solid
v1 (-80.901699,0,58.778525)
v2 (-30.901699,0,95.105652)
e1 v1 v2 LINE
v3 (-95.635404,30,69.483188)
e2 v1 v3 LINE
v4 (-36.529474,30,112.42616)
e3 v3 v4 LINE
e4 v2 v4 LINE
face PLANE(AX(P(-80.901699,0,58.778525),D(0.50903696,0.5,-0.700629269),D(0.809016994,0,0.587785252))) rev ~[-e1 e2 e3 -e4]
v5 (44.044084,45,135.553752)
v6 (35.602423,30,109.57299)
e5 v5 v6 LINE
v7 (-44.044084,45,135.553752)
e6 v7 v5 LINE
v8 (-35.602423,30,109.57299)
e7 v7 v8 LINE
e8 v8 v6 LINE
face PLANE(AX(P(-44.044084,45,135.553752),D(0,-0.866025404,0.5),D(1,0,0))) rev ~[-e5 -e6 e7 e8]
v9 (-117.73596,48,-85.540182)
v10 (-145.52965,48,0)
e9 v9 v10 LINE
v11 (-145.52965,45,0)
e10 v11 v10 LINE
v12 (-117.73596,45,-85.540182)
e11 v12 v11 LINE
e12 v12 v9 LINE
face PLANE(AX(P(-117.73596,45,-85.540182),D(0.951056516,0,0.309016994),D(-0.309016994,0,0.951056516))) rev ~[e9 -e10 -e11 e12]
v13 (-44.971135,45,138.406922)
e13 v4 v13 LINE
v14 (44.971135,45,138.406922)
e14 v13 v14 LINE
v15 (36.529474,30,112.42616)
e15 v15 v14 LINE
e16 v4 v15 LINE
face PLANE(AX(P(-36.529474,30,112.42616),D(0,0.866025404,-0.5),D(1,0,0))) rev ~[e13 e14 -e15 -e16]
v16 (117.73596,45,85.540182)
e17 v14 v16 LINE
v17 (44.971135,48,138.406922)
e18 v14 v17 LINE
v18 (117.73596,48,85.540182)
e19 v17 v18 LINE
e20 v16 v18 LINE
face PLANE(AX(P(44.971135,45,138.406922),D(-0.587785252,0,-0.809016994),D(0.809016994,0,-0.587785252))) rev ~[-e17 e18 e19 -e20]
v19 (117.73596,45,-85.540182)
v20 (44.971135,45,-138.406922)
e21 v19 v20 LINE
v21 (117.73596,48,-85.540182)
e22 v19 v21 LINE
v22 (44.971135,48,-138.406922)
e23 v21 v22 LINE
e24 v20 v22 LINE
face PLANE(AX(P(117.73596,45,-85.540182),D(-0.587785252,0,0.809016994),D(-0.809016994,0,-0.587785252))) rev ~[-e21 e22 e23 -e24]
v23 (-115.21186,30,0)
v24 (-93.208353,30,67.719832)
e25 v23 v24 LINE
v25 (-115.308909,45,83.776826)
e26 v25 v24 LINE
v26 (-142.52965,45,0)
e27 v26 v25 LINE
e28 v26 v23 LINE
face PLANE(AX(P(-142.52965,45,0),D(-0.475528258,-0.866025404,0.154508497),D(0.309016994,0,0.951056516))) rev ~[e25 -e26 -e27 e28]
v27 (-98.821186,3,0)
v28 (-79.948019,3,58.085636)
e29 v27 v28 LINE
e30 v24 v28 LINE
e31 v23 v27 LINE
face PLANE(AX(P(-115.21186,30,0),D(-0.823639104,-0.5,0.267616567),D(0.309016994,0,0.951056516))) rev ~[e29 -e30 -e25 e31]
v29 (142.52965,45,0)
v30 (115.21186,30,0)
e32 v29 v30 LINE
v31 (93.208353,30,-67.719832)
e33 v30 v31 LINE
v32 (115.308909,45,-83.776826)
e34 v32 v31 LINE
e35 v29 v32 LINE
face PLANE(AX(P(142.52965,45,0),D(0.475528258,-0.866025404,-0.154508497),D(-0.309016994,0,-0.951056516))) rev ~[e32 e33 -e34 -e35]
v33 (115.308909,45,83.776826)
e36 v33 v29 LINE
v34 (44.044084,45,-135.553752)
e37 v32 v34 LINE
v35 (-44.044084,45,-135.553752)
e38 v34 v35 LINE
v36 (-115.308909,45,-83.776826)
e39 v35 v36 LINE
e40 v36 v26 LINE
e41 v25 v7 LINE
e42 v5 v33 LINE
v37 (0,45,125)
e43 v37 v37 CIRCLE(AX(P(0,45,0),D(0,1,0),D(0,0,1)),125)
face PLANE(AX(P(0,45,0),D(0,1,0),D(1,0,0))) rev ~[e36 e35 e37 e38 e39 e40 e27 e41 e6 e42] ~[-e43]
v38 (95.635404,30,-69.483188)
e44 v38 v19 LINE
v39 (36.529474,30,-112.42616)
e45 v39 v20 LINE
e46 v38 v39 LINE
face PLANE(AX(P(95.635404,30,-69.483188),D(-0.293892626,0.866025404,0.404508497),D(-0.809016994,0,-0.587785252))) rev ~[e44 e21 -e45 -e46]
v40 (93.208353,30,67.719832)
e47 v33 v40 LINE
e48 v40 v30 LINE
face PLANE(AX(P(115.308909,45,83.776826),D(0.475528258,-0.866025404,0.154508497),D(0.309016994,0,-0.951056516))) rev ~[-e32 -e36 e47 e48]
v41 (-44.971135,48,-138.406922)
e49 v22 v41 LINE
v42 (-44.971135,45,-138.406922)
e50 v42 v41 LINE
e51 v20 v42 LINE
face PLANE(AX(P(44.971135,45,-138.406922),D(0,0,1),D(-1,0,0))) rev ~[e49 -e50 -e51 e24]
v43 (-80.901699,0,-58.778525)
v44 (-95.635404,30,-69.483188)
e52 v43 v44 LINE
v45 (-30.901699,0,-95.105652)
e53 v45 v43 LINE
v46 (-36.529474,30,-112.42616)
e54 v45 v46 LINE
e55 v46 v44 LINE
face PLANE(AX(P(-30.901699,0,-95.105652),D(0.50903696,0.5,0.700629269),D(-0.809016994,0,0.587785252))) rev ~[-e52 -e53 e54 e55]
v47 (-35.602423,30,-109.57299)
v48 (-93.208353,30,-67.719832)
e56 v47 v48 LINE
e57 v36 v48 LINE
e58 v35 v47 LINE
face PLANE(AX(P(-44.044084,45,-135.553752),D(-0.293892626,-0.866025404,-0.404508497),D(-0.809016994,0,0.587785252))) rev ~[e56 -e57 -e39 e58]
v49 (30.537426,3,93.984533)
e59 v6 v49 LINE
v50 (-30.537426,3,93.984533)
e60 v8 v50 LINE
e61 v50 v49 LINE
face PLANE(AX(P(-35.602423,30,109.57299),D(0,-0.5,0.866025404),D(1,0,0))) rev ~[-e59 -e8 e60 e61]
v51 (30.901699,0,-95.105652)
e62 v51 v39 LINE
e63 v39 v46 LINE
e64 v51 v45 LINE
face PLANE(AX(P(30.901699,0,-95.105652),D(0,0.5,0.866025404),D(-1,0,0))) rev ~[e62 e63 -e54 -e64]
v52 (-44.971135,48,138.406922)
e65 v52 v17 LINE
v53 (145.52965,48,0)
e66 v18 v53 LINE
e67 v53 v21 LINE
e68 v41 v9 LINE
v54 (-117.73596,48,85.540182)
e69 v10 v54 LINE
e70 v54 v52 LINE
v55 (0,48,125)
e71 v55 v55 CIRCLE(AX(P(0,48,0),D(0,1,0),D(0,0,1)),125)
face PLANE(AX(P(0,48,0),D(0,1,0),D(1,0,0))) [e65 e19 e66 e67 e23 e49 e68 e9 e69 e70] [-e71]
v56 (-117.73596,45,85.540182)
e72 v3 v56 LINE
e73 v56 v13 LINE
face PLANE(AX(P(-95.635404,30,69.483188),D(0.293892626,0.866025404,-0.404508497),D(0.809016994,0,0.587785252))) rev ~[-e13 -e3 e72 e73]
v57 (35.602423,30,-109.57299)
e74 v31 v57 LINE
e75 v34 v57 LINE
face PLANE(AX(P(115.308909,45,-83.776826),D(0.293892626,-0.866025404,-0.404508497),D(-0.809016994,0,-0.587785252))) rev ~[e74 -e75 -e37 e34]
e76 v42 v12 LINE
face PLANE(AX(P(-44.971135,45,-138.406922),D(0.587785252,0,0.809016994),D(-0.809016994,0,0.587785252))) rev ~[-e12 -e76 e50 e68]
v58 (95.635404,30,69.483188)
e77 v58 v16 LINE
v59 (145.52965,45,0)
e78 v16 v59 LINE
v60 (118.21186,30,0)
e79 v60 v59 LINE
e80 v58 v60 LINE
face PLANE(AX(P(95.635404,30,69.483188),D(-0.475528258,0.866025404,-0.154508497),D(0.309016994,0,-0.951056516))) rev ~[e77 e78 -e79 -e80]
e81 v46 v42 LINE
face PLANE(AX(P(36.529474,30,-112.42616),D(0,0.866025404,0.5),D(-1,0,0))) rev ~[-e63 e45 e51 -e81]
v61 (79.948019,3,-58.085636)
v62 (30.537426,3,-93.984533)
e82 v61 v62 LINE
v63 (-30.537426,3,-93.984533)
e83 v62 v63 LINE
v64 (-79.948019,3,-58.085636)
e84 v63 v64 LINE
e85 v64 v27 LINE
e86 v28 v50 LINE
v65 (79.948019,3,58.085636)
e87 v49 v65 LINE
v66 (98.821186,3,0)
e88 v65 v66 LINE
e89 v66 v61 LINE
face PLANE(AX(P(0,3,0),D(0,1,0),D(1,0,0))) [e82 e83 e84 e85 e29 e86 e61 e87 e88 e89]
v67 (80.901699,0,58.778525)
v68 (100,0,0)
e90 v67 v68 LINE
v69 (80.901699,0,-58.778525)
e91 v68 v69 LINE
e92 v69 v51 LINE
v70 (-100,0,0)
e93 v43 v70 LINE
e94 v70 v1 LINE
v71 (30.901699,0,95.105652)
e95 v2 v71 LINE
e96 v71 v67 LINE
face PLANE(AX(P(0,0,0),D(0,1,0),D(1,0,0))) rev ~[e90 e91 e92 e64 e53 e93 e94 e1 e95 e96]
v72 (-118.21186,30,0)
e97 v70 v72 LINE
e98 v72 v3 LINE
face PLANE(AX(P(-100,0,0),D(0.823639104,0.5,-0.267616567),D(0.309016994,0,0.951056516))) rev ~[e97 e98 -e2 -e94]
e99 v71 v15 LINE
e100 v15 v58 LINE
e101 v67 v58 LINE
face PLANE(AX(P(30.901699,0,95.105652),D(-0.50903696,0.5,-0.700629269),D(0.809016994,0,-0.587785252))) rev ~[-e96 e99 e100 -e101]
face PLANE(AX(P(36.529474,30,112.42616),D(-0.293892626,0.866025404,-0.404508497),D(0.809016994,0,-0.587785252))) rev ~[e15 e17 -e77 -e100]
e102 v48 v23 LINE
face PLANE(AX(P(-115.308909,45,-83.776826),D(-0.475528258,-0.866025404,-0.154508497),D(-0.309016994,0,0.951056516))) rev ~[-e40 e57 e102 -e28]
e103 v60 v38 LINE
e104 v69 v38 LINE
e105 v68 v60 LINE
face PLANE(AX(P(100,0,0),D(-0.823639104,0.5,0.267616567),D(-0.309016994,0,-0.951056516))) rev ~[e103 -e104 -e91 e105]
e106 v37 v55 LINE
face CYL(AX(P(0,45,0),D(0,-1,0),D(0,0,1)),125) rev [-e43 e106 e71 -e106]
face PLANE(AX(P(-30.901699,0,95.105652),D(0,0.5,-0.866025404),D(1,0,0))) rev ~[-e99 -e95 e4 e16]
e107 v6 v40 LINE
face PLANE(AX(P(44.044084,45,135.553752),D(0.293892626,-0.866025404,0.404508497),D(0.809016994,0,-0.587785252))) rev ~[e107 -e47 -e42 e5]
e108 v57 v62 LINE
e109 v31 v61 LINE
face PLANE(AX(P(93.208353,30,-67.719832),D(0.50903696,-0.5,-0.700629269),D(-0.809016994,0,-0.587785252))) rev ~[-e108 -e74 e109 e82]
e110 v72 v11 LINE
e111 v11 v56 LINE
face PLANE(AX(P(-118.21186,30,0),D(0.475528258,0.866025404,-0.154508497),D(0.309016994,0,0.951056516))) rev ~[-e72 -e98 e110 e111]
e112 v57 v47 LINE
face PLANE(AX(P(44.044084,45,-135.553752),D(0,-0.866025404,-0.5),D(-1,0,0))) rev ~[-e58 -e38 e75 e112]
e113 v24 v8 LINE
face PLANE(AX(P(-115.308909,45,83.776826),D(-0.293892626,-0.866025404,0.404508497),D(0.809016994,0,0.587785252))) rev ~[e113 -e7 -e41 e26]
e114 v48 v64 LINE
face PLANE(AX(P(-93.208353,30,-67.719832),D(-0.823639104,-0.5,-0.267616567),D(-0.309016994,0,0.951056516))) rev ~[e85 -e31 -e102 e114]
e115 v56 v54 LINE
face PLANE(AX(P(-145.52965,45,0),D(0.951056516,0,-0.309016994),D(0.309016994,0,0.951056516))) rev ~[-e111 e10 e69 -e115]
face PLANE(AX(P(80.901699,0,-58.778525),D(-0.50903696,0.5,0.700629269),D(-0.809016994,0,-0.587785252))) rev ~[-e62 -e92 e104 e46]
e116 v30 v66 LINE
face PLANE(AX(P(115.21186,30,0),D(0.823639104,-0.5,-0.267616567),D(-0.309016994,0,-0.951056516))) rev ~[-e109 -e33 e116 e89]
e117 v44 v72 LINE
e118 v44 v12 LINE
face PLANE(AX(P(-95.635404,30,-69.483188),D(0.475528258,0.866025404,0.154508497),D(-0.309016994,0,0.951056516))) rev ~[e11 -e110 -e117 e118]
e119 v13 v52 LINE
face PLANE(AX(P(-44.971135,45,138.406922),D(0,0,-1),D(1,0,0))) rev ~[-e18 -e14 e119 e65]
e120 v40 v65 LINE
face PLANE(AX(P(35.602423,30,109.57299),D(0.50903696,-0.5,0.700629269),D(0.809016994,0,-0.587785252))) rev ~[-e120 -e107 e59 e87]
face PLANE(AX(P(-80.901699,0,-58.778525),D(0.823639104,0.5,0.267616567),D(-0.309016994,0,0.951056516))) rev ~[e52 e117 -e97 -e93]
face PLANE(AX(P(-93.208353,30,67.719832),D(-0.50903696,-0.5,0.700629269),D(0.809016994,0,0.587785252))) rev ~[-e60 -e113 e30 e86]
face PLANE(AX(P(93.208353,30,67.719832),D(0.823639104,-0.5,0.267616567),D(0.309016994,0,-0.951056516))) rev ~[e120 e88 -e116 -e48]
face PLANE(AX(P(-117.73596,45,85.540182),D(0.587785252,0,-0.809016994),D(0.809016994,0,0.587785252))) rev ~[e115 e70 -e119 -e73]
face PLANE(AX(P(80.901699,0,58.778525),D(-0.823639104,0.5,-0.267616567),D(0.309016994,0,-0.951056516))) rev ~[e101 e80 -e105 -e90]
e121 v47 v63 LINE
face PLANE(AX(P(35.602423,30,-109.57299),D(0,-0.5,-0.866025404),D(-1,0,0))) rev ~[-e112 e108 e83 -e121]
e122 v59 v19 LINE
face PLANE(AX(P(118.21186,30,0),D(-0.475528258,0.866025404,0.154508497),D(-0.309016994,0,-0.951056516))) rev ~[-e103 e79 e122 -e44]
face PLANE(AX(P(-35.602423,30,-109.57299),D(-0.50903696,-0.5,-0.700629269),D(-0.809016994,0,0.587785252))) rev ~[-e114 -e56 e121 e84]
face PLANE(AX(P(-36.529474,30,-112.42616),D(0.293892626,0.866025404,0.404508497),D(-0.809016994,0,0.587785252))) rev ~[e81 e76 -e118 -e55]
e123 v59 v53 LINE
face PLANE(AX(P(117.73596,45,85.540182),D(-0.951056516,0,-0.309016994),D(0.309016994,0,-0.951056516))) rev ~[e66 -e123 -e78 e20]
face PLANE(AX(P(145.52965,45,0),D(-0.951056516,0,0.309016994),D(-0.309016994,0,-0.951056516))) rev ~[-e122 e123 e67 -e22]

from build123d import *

# Parameters (mm, degrees)
STAGE1EX_DEPTH      = 30
STAGE1EX_DRAFT      = -30
STAGE1IN_DEPTH      = 27
STAGE1IN_DRAFT      = -30
STAGE2EX_DEPTH      = 15
STAGE2EX_DRAFT      = -60
STAGE2IN_DEPTH      = 20
STAGE2IN_DRAFT      = -60
SKETCH11_R          = 125
BOSS_EXTRUDE6_DEPTH = 3


with BuildPart() as part:
    # Sketch4 → Stage1Ex (with draft: the straight prism first)
    with BuildSketch(Plane(origin=(0, 0, 0), x_dir=(1, 0, 0), z_dir=(0, 1, 0))):
        Polygon((30.901699437, -95.10565163), (80.901699437, -58.778525229), (100, 0), (80.901699437, 58.778525229), (30.901699437, 95.10565163), (-30.901699437, 95.10565163), (-80.901699437, 58.778525229), (-100, 0), (-80.901699437, -58.778525229), (-30.901699437, -95.10565163), align=None)
    extrude(amount=STAGE1EX_DEPTH)
    # Stage1Ex: the draft: its side faces are tilted about the plane it starts from
    stage1ex_sides = [part.faces().sort_by_distance(p)[0] for p in [
        (55.901699437, 15, 76.942088429),
        (90.450849719, 15, 29.389262615),
        (90.450849719, 15, -29.389262615),
        (55.901699437, 15, -76.942088429),
        (0, 15, -95.10565163),
        (-55.901699437, 15, -76.942088429),
        (-90.450849719, 15, -29.389262615),
        (-90.450849719, 15, 29.389262615),
        (-55.901699437, 15, 76.942088429),
        (0, 15, 95.10565163),
    ]]
    draft(stage1ex_sides, Plane(origin=(0, 0, 0), x_dir=(1, 0, 0), z_dir=(0, 1, 0)), STAGE1EX_DRAFT)


with BuildPart() as stage1in_tool:
    # Sketch7 → Stage1In (with draft: the straight prism first)
    with BuildSketch(Plane(origin=(0, 30, 0), x_dir=(1, 0, 0), z_dir=(0, 1, 0))):
        Polygon((-115.211859946, 0), (-93.20835265, -67.719832166), (-35.602422677, -109.572990156), (35.602422677, -109.572990156), (93.20835265, -67.719832166), (115.211859946, 0), (93.20835265, 67.719832166), (35.602422677, 109.572990156), (-35.602422677, 109.572990156), (-93.20835265, 67.719832166), align=None)
    extrude(amount=-STAGE1IN_DEPTH)
    # Stage1In: the draft: its side faces are tilted about the plane it starts from
    stage1in_sides = [stage1in_tool.faces().sort_by_distance(p)[0] for p in [
        (-104.210106298, 16.5, 33.859916083),
        (-64.405387663, 16.5, 88.646411161),
        (0, 16.5, 109.572990156),
        (64.405387663, 16.5, 88.646411161),
        (104.210106298, 16.5, 33.859916083),
        (104.210106298, 16.5, -33.859916083),
        (64.405387663, 16.5, -88.646411161),
        (0, 16.5, -109.572990156),
        (-64.405387663, 16.5, -88.646411161),
        (-104.210106298, 16.5, -33.859916083),
    ]]
    draft(stage1in_sides, Plane(origin=(0, 30, 0), x_dir=(1, 0, 0), z_dir=(0, 1, 0)), STAGE1IN_DRAFT)


with BuildPart() as part_1:
    add(part.part)

    # Stage1In: cut by stage1in_tool
    add(stage1in_tool.part, mode=Mode.SUBTRACT)


with BuildPart() as stage2ex_tool:
    # Sketch8 → Stage2Ex (with draft: the straight prism first)
    with BuildSketch(Plane(origin=(0, 30, 0), x_dir=(1, 0, 0), z_dir=(0, 1, 0))):
        Polygon((36.52947366, 112.426159705), (-36.52947366, 112.426159705), (-95.635403633, 69.483187922), (-118.211859946, 0), (-95.635403633, -69.483187922), (-36.52947366, -112.426159705), (36.52947366, -112.426159705), (95.635403633, -69.483187922), (118.211859946, 0), (95.635403633, 69.483187922), align=None)
    extrude(amount=STAGE2EX_DEPTH)
    # Stage2Ex: the draft: its side faces are tilted about the plane it starts from
    stage2ex_sides = [stage2ex_tool.faces().sort_by_distance(p)[0] for p in [
        (0, 37.5, -112.426159705),
        (-66.082438647, 37.5, -90.954673814),
        (-106.92363179, 37.5, -34.741593961),
        (-106.92363179, 37.5, 34.741593961),
        (-66.082438647, 37.5, 90.954673814),
        (0, 37.5, 112.426159705),
        (66.082438647, 37.5, 90.954673814),
        (106.92363179, 37.5, 34.741593961),
        (106.92363179, 37.5, -34.741593961),
        (66.082438647, 37.5, -90.954673814),
    ]]
    draft(stage2ex_sides, Plane(origin=(0, 30, 0), x_dir=(1, 0, 0), z_dir=(0, 1, 0)), STAGE2EX_DRAFT)


with BuildPart() as part_2:
    add(part_1.part)

    # Stage2Ex: add stage2ex_tool
    add(stage2ex_tool.part)


with BuildPart() as stage2in_tool:
    # Sketch10 → Stage2In (with draft: the straight prism first)
    with BuildSketch(Plane(origin=(0, 45, 0), x_dir=(1, 0, 0), z_dir=(0, 1, 0))):
        Polygon((115.308908944, -83.776826205), (142.529649866, 0), (115.308908944, 83.776826205), (44.044084011, 135.55375227), (-44.044084011, 135.55375227), (-115.308908944, 83.776826205), (-142.529649866, 0), (-115.308908944, -83.776826205), (-44.044084011, -135.55375227), (44.044084011, -135.55375227), align=None)
    extrude(amount=-STAGE2IN_DEPTH)
    # Stage2In: the draft: its side faces are tilted about the plane it starts from
    stage2in_sides = [stage2in_tool.faces().sort_by_distance(p)[0] for p in [
        (128.919279405, 35, 41.888413103),
        (128.919279405, 35, -41.888413103),
        (79.676496477, 35, -109.665289238),
        (0, 35, -135.55375227),
        (-79.676496477, 35, -109.665289238),
        (-128.919279405, 35, -41.888413103),
        (-128.919279405, 35, 41.888413103),
        (-79.676496477, 35, 109.665289238),
        (0, 35, 135.55375227),
        (79.676496477, 35, 109.665289238),
    ]]
    draft(stage2in_sides, Plane(origin=(0, 45, 0), x_dir=(1, 0, 0), z_dir=(0, 1, 0)), STAGE2IN_DRAFT)


with BuildPart() as part_3:
    add(part_2.part)

    # Stage2In: cut by stage2in_tool
    add(stage2in_tool.part, mode=Mode.SUBTRACT)

    # Sketch11 → Boss-Extrude6 (add)
    with BuildSketch(Plane(origin=(0, 45, 0), x_dir=(1, 0, 0), z_dir=(0, 1, 0))):
        Polygon((117.735959927, -85.540181962), (145.529649866, 0), (117.735959927, 85.540181962), (44.971134994, 138.406921819), (-44.971134994, 138.406921819), (-117.735959927, 85.540181962), (-145.529649866, 0), (-117.735959927, -85.540181962), (-44.971134994, -138.406921819), (44.971134994, -138.406921819), align=None)
        with Locations(Location((0, 0, 0), (0, 0, 270))):
            Circle(SKETCH11_R, mode=Mode.SUBTRACT)
    extrude(amount=BOSS_EXTRUDE6_DEPTH)


solid = part_3.part
